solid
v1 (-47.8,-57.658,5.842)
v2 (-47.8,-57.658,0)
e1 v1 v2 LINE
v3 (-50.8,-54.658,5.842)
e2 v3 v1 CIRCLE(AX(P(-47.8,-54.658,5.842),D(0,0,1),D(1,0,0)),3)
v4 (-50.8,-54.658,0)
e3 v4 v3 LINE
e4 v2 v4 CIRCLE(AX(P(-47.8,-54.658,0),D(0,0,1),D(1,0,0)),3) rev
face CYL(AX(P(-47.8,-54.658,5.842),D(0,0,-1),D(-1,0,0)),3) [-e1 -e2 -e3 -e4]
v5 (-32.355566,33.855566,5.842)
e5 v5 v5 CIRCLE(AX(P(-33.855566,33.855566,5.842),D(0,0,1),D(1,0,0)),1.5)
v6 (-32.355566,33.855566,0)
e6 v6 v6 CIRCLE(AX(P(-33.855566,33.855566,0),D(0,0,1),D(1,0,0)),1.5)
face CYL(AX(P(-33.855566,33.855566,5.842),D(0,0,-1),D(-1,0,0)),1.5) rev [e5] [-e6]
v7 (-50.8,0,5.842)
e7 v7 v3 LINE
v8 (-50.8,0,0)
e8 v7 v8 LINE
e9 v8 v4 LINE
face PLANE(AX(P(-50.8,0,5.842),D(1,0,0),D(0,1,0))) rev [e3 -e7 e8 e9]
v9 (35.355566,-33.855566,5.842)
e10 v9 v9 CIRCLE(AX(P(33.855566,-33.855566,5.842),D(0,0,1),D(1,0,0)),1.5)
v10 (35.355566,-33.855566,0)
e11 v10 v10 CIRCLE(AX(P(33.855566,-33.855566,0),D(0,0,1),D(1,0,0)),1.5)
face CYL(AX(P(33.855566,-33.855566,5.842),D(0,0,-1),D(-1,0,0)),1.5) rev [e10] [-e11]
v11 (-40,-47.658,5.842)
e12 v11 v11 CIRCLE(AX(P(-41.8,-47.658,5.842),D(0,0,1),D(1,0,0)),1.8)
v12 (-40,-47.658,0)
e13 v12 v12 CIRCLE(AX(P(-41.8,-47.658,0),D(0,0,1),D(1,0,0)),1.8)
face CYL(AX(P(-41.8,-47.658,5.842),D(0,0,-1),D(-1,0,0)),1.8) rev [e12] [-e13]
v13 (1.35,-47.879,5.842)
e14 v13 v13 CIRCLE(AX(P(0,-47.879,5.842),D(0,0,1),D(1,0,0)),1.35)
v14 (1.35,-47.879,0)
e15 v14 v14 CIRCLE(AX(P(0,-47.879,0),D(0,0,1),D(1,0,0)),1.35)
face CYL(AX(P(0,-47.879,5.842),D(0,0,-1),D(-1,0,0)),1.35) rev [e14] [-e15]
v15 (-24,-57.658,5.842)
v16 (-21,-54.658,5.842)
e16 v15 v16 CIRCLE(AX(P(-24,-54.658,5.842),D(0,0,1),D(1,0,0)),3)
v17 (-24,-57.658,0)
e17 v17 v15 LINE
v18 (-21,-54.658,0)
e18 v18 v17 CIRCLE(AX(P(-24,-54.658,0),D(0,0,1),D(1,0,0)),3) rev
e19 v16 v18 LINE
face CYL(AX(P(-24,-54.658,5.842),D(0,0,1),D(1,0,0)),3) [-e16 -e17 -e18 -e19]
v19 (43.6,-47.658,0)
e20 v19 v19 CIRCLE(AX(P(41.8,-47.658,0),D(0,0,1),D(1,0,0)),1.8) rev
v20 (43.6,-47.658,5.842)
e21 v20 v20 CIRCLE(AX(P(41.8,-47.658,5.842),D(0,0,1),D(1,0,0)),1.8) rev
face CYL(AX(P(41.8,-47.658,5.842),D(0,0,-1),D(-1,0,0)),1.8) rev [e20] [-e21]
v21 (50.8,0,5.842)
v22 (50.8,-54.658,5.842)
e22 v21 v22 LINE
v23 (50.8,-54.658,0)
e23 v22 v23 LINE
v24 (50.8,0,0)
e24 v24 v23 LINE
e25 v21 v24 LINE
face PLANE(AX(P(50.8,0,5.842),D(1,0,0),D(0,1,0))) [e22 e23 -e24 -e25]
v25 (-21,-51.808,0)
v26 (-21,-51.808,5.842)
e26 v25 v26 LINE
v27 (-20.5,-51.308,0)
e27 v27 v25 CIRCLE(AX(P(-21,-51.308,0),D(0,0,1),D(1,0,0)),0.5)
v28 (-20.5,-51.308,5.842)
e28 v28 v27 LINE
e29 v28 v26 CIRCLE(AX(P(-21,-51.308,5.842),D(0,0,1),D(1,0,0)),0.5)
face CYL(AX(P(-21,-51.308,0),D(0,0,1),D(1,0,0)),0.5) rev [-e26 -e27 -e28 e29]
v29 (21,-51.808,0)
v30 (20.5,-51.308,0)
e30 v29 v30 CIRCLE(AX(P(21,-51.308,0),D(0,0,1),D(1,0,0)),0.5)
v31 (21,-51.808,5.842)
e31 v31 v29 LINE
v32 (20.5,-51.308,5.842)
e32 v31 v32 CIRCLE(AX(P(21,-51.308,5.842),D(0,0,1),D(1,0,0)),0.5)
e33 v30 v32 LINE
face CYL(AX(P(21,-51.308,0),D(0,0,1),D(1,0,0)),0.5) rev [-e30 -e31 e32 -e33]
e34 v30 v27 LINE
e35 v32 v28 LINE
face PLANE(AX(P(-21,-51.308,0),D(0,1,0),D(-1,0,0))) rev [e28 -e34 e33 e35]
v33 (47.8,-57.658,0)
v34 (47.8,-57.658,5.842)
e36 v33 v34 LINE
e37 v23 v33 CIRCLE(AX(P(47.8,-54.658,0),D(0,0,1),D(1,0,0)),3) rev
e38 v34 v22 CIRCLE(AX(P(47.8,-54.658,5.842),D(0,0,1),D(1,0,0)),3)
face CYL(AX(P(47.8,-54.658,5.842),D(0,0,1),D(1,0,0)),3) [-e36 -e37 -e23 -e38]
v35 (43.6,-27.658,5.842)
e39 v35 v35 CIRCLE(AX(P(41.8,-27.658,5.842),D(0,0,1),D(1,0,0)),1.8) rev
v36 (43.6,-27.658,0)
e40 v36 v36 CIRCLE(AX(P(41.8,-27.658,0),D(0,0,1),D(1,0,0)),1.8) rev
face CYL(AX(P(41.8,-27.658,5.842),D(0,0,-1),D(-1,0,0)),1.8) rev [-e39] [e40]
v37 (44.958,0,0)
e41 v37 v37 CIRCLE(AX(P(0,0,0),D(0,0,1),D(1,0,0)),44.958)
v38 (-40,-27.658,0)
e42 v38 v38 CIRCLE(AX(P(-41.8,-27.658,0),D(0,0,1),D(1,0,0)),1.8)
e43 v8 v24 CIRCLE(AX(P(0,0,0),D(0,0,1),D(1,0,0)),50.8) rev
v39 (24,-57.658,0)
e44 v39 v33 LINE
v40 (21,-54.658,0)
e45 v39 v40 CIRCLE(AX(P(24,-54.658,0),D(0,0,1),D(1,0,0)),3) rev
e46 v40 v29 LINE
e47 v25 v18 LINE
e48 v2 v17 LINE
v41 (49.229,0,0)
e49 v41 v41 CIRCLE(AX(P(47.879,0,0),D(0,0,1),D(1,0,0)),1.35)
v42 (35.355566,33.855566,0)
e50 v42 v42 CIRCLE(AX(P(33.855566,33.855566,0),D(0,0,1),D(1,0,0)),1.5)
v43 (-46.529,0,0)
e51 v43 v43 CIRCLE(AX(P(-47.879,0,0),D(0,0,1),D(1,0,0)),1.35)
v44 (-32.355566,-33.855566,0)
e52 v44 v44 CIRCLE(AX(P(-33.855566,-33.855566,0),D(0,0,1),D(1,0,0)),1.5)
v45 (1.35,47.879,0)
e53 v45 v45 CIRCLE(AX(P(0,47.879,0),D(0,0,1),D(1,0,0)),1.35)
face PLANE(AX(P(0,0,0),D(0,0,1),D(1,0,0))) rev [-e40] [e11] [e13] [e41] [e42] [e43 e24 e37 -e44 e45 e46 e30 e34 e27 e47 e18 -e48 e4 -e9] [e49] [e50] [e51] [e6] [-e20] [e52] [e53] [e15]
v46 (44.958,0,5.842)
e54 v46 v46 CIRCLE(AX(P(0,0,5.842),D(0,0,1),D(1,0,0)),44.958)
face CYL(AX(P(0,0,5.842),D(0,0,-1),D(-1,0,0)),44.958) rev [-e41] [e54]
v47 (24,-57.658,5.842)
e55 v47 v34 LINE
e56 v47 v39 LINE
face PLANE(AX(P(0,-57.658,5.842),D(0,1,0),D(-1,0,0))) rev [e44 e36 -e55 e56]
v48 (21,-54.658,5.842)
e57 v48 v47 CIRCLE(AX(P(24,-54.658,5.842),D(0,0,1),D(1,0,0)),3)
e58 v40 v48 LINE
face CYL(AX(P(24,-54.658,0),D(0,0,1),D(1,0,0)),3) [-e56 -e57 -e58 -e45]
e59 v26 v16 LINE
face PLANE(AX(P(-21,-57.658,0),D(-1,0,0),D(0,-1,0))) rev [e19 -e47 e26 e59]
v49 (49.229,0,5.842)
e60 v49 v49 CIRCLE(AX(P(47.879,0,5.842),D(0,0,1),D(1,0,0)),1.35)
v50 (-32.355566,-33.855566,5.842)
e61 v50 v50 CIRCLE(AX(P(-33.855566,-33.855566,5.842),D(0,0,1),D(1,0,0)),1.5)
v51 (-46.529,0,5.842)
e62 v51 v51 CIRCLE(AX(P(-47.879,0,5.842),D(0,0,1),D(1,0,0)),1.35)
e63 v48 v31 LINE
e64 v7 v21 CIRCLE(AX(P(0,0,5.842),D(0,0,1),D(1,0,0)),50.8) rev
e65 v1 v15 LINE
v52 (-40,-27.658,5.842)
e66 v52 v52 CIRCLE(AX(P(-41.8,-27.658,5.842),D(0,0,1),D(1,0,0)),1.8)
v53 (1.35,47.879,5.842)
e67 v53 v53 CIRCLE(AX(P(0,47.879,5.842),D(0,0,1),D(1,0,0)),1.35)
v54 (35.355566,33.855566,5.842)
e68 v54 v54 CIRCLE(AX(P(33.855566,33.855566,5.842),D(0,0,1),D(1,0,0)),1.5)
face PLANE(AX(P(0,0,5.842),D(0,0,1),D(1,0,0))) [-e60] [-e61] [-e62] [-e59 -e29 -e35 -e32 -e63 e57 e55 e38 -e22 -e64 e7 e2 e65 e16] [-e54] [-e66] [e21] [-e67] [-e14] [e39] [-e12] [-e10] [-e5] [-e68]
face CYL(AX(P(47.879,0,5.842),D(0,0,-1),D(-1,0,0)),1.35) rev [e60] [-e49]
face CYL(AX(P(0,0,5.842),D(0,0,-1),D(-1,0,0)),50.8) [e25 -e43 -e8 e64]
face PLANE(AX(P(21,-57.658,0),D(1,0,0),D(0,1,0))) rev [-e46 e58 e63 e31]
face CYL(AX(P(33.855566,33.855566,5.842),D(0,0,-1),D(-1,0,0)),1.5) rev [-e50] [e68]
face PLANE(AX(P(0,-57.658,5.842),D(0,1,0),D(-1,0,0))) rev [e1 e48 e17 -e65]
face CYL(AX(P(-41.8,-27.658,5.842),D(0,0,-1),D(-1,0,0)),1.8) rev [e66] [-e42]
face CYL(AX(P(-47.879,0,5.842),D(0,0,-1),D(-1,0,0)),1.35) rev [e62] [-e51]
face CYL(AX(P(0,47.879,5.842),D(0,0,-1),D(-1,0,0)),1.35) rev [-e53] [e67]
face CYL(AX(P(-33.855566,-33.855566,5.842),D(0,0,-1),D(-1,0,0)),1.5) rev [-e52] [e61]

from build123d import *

# Parameters (mm, degrees)
SKETCH1_R           = 1.8
SKETCH1_R_2         = 44.958
SKETCH1_R_3         = 1.35
SKETCH1_R_4         = 1.5
BOSS_EXTRUDE1_DEPTH = 5.842
SKETCH2_W           = 42
SKETCH2_H           = 6.35
CUT_EXTRUDE1_DEPTH  = 78.066295668
SKETCH3_R           = 0.5
CUT_EXTRUDE2_DEPTH  = 78.066295668
FILLET1_R           = 3


with BuildPart() as part:
    # Sketch1 → Boss-Extrude1 (new body)
    with BuildSketch(Plane.XY):
        with BuildLine():
            Line((-50.8, 0), (-50.8, -57.658))
            Line((-50.8, -57.658), (50.8, -57.658))
            Line((50.8, -57.658), (50.8, 0))
            ThreePointArc((50.8, 0), (0, 50.8), (-50.8, 0))
        make_face()
        with Locations((41.8, -47.658)):
            Circle(SKETCH1_R, mode=Mode.SUBTRACT)
        Circle(SKETCH1_R_2, mode=Mode.SUBTRACT)
        with Locations((-47.879, 0)):
            Circle(SKETCH1_R_3, mode=Mode.SUBTRACT)
        with Locations((0, 47.879)):
            Circle(SKETCH1_R_3, mode=Mode.SUBTRACT)
        with Locations((41.8, -27.658)):
            Circle(SKETCH1_R, mode=Mode.SUBTRACT)
        with Locations((47.879, 0)):
            Circle(SKETCH1_R_3, mode=Mode.SUBTRACT)
        with Locations((0, -47.879)):
            Circle(SKETCH1_R_3, mode=Mode.SUBTRACT)
        with Locations((-41.8, -27.658)):
            Circle(SKETCH1_R, mode=Mode.SUBTRACT)
        with Locations((-33.855565576, 33.855565576)):
            Circle(SKETCH1_R_4, mode=Mode.SUBTRACT)
        with Locations((33.855565576, 33.855565576)):
            Circle(SKETCH1_R_4, mode=Mode.SUBTRACT)
        with Locations((33.855565576, -33.855565576)):
            Circle(SKETCH1_R_4, mode=Mode.SUBTRACT)
        with Locations((-33.855565576, -33.855565576)):
            Circle(SKETCH1_R_4, mode=Mode.SUBTRACT)
        with Locations((-41.8, -47.658)):
            Circle(SKETCH1_R, mode=Mode.SUBTRACT)
    extrude(amount=BOSS_EXTRUDE1_DEPTH)

    # Sketch2 → Cut-Extrude1 (cut, through all)
    with BuildSketch(Plane.XY.offset(5.842)):
        with Locations((0, -54.483)):
            Rectangle(SKETCH2_W, SKETCH2_H)
    extrude(amount=-CUT_EXTRUDE1_DEPTH, mode=Mode.SUBTRACT)

    # Sketch3 → Cut-Extrude2 (cut, through all)
    with BuildSketch(Plane.XY.offset(5.842)):
        with Locations((-21, -51.308)):
            Circle(SKETCH3_R)
        with Locations((21, -51.308)):
            Circle(SKETCH3_R)
    extrude(amount=-CUT_EXTRUDE2_DEPTH, mode=Mode.SUBTRACT)

    # Fillet1
    fillet1_edges = [part.edges().sort_by_distance(p)[0] for p in [
        (50.8, -57.658, 2.921),
        (-50.8, -57.658, 2.921),
        (-21, -57.658, 2.921),
        (21, -57.658, 2.921),
    ]]
    fillet(fillet1_edges, radius=FILLET1_R)


solid = part.part
